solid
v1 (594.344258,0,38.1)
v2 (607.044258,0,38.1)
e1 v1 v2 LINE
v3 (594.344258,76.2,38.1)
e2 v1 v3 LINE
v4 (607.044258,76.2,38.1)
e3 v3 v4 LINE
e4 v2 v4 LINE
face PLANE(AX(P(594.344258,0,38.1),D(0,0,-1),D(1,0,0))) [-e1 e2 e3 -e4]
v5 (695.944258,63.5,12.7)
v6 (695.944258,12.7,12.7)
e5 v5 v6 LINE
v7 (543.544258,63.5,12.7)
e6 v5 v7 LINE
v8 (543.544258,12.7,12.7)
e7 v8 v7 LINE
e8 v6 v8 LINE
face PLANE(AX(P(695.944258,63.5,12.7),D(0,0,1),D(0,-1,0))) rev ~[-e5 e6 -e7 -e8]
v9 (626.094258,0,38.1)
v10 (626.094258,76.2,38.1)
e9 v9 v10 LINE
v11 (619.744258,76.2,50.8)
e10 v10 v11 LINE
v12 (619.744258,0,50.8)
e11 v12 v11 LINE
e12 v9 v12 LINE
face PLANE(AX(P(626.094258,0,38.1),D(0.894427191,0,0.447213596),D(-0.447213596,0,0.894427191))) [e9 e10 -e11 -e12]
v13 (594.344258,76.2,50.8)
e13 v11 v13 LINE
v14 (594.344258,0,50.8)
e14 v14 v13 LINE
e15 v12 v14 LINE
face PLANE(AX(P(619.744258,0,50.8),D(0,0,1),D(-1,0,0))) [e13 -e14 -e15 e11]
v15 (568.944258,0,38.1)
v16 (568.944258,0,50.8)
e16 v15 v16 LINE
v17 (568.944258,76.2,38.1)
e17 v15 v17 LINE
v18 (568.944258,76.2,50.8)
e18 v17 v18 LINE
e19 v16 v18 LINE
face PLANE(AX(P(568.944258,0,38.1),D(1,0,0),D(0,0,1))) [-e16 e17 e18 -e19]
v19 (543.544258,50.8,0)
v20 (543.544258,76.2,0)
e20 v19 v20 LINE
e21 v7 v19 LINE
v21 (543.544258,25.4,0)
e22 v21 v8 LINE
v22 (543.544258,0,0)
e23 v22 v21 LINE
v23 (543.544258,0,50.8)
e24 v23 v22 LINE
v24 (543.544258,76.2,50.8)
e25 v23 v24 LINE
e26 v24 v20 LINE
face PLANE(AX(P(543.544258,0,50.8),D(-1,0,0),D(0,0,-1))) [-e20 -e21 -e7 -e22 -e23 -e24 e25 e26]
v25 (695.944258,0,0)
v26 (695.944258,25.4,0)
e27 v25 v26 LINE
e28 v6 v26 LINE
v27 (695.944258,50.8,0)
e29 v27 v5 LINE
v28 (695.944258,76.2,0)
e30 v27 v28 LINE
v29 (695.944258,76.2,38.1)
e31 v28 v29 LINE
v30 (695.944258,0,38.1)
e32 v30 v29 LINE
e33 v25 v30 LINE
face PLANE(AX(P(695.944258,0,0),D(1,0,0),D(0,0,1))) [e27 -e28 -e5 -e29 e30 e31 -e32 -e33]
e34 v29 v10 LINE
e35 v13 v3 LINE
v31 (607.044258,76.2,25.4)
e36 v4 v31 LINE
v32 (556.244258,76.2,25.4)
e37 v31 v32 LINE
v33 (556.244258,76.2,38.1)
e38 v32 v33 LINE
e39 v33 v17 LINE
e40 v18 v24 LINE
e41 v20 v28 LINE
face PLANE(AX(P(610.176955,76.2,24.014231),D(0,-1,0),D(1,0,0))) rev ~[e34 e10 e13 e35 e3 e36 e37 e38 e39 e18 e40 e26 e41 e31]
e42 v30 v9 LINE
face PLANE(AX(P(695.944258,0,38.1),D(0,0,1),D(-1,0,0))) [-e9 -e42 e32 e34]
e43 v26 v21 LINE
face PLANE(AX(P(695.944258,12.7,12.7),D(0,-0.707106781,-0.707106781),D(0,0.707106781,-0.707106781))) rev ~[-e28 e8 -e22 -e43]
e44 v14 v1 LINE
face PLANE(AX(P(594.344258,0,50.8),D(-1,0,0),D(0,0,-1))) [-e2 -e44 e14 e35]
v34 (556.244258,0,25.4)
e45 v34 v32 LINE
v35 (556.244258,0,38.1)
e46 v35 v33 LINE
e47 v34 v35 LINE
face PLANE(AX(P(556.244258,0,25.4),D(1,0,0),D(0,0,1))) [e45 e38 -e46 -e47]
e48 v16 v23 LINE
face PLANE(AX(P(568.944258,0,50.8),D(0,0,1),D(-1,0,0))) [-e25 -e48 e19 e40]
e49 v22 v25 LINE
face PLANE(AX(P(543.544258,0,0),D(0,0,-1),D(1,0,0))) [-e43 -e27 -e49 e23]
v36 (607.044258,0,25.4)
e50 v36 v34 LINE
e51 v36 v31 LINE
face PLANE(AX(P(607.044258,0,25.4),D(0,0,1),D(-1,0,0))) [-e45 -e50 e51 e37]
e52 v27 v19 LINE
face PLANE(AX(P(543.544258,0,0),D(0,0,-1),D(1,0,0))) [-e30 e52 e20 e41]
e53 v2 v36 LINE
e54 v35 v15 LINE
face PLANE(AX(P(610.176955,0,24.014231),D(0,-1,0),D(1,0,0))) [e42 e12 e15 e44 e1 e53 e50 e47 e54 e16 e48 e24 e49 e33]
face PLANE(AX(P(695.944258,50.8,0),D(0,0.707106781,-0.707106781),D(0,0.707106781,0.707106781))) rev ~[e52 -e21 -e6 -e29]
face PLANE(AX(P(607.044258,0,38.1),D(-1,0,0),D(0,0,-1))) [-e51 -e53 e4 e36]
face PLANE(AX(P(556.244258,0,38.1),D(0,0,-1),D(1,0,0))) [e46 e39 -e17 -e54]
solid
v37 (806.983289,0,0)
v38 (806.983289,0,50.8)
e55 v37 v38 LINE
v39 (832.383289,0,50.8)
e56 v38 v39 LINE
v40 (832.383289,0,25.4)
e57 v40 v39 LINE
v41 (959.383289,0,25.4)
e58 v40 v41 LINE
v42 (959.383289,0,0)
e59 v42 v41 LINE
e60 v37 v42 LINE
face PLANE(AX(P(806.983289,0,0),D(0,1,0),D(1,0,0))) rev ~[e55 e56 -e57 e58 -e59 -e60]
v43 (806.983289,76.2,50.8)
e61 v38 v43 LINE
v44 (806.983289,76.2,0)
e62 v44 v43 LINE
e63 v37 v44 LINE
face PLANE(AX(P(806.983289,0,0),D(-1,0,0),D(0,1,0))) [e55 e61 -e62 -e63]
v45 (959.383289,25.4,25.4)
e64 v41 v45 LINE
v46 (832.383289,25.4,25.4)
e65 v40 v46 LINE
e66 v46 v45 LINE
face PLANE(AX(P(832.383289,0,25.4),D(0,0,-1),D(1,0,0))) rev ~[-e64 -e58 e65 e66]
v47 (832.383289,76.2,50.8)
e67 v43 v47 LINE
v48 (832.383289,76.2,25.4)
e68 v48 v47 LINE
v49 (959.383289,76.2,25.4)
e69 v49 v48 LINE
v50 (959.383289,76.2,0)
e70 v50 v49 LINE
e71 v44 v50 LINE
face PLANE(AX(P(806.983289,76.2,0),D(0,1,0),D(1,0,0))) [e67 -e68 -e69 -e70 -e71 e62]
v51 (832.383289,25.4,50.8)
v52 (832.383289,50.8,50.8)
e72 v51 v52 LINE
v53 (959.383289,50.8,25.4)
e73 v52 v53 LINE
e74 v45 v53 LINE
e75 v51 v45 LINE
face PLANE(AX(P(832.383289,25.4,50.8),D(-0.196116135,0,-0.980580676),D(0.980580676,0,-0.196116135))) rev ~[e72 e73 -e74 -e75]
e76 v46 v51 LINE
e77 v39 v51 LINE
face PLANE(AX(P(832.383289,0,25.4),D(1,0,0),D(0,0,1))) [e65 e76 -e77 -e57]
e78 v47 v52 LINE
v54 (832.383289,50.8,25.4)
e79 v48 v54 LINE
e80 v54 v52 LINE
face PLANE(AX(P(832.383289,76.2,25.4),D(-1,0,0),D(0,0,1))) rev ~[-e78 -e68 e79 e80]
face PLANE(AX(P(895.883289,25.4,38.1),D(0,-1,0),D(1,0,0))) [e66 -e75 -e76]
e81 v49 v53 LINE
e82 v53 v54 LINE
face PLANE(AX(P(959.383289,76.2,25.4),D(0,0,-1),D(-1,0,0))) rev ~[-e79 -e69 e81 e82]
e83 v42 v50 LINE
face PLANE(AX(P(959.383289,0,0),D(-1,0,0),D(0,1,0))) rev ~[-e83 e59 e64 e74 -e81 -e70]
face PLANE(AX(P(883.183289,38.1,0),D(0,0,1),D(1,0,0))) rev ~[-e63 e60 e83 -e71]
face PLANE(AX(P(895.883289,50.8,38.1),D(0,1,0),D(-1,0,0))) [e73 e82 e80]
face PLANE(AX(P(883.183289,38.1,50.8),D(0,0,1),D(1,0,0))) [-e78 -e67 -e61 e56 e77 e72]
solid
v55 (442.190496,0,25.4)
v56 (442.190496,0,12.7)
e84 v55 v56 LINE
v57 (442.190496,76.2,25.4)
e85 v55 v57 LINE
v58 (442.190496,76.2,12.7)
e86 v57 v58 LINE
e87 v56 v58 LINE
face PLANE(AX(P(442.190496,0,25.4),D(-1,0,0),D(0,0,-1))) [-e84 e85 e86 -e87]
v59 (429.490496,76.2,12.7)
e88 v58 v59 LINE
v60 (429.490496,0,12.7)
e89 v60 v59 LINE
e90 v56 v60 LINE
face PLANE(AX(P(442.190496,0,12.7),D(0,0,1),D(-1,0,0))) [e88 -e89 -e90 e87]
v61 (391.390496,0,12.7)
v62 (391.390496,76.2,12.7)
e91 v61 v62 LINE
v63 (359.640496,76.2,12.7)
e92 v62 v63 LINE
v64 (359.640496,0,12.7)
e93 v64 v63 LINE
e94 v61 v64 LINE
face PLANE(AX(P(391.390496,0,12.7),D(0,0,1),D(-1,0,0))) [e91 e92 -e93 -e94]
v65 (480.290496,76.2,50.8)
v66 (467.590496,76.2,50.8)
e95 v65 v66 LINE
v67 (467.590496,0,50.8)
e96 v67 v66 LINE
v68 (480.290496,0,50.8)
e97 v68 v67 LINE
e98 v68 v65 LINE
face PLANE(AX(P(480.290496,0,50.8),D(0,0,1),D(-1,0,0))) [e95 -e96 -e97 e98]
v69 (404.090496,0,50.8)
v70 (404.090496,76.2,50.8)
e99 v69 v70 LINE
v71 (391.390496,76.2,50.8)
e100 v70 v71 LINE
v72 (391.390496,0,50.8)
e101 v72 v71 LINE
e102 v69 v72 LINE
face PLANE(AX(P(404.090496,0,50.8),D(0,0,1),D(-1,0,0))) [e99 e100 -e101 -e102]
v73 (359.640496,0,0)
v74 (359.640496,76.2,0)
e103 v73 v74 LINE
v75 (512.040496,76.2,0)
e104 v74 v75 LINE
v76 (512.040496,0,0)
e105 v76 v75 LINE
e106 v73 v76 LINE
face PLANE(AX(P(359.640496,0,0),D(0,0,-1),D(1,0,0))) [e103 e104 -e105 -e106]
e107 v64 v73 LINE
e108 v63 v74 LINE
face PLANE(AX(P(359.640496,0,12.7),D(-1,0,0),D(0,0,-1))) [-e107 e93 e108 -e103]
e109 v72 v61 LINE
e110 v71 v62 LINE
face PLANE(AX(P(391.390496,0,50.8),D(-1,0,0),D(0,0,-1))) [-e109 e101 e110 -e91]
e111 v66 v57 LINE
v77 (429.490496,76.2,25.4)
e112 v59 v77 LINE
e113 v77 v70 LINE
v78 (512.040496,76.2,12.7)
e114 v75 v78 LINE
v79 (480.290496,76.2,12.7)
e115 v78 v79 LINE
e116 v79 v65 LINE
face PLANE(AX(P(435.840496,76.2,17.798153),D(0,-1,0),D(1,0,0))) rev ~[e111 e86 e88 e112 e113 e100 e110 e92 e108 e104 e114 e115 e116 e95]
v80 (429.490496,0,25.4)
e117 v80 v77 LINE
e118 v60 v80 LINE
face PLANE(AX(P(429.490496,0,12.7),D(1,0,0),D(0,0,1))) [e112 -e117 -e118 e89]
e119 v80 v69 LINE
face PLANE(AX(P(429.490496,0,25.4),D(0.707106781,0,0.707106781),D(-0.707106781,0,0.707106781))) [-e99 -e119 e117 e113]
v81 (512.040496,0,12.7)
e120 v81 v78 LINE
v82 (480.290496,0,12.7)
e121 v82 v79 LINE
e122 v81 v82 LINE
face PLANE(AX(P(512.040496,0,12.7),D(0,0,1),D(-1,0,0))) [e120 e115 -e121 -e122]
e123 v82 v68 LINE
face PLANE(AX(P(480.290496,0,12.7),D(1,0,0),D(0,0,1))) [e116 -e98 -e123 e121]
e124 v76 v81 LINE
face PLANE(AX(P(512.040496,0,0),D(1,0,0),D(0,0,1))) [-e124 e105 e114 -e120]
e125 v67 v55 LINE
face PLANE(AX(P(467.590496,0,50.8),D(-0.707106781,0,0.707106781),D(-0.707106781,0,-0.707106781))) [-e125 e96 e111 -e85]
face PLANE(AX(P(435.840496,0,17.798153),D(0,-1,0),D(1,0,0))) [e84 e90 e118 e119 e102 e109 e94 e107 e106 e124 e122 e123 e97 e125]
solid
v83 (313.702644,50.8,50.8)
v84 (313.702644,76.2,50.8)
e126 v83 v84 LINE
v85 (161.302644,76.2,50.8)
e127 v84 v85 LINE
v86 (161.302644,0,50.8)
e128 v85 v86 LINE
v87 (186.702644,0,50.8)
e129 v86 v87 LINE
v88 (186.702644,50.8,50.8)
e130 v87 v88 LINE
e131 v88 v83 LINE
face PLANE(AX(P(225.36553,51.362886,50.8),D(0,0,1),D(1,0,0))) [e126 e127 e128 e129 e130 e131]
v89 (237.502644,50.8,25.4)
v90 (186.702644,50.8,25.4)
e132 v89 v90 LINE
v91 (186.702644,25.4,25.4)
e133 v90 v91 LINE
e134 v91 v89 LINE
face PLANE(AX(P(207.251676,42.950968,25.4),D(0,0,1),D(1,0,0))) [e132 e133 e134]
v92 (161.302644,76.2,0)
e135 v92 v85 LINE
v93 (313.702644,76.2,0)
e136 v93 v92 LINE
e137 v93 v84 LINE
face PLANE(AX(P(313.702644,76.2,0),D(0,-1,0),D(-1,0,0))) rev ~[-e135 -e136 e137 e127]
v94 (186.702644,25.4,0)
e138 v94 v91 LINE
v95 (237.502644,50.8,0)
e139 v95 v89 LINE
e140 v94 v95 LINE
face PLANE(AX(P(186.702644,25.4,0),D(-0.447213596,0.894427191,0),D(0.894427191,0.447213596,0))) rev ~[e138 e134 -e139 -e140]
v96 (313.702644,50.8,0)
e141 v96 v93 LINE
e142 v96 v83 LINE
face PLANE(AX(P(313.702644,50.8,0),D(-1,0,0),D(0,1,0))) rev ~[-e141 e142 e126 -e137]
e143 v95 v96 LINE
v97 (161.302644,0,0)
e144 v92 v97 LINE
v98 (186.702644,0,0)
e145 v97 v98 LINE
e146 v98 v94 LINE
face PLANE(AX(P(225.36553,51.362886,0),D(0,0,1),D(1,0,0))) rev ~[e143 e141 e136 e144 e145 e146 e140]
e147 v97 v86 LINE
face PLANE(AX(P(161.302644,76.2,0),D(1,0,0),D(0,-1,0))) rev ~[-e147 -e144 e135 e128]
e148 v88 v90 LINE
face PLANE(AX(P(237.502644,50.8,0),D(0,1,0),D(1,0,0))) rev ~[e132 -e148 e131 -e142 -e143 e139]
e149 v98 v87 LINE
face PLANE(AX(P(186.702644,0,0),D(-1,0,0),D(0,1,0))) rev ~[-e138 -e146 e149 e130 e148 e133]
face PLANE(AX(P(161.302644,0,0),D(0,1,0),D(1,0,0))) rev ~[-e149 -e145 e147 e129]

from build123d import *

# Parameters (mm, degrees)
F1_DEPTH  = 50.8
F3_DEPTH  = 25.4
F5_DEPTH  = 76.2
F7_DEPTH  = 76.2
F9_DEPTH  = 167.386
F10_W     = 152.4
F10_H     = 76.2
F11_DEPTH = 50.8
F12_W     = 127
F12_H     = 25.4
F13_DEPTH = 25.4
F14_W     = 127
F14_H     = 25.4
F15_DEPTH = 25.4
F17_DEPTH = 25.4


with BuildPart() as f1:
    # F0 (on Top) → F1 (new body)
    with BuildSketch(Plane.XY):
        Polygon((161.302644, 76.2), (161.302644, 0), (186.702644, 0), (186.702644, 25.4), (237.502644, 50.8), (313.702644, 50.8), (313.702644, 76.2), align=None)
    extrude(amount=F1_DEPTH)

    # F2 (on face) → F3 (cut)
    with BuildSketch(Plane.XY.offset(50.8)):
        Polygon((186.702644, 50.8), (186.702644, 25.4), (237.502644, 50.8), align=None)
    extrude(amount=-F3_DEPTH, mode=Mode.SUBTRACT)


with BuildPart() as f5:
    # F4 (on Front) → F5 (new body)
    with BuildSketch(Plane.XZ):
        Polygon((359.640496, 12.7), (359.640496, 0), (512.040496, 0), (512.040496, 12.7), (480.290496, 12.7), (480.290496, 50.8), (467.590496, 50.8), (442.190496, 25.4), (442.190496, 12.7), (429.490496, 12.7), (429.490496, 25.4), (404.090496, 50.8), (391.390496, 50.8), (391.390496, 12.7), align=None)
    extrude(amount=-F5_DEPTH)


with BuildPart() as f7:
    # F6 (on Front) → F7 (new body)
    with BuildSketch(Plane.XZ):
        Polygon((543.544258, 50.8), (543.544258, 0), (695.944258, 0), (695.944258, 38.1), (626.094258, 38.1), (619.744258, 50.8), (594.344258, 50.8), (594.344258, 38.1), (607.044258, 38.1), (607.044258, 25.4), (556.244258, 25.4), (556.244258, 38.1), (568.944258, 38.1), (568.944258, 50.8), align=None)
    extrude(amount=-F7_DEPTH)

    # F8 (on face) → F9 (cut)
    with BuildSketch(Plane.YZ.offset(695.944258)):
        Polygon((63.5, 12.7), (12.7, 12.7), (25.4, 0), (50.8, 0), align=None)
    extrude(amount=-F9_DEPTH, mode=Mode.SUBTRACT)


with BuildPart() as f11:
    # F10 (on Top) → F11 (new body)
    with BuildSketch(Plane.XY):
        with Locations((883.183289, 38.1)):
            Rectangle(F10_W, F10_H)
    extrude(amount=F11_DEPTH)

    # F12 (on face) → F13 (cut)
    with BuildSketch(Plane.XZ):
        with Locations((895.883289, 38.1)):
            Rectangle(F12_W, F12_H)
    extrude(amount=-F13_DEPTH, mode=Mode.SUBTRACT)

    # F14 (on face) → F15 (cut)
    with BuildSketch(Plane(origin=(0, 76.2, 0), x_dir=(-1, 0, 0), z_dir=(0, 1, 0))):
        with Locations((-895.883289, 38.1)):
            Rectangle(F14_W, F14_H)
    extrude(amount=-F15_DEPTH, mode=Mode.SUBTRACT)

    # F16 (on face) → F17 (cut)
    with BuildSketch(Plane.XZ.offset(-25.4)):
        Polygon((959.383289, 50.8), (832.383289, 50.8), (959.383289, 25.4), align=None)
    extrude(amount=-F17_DEPTH, mode=Mode.SUBTRACT)


solid = Compound([f1.part, f5.part, f7.part, f11.part])
